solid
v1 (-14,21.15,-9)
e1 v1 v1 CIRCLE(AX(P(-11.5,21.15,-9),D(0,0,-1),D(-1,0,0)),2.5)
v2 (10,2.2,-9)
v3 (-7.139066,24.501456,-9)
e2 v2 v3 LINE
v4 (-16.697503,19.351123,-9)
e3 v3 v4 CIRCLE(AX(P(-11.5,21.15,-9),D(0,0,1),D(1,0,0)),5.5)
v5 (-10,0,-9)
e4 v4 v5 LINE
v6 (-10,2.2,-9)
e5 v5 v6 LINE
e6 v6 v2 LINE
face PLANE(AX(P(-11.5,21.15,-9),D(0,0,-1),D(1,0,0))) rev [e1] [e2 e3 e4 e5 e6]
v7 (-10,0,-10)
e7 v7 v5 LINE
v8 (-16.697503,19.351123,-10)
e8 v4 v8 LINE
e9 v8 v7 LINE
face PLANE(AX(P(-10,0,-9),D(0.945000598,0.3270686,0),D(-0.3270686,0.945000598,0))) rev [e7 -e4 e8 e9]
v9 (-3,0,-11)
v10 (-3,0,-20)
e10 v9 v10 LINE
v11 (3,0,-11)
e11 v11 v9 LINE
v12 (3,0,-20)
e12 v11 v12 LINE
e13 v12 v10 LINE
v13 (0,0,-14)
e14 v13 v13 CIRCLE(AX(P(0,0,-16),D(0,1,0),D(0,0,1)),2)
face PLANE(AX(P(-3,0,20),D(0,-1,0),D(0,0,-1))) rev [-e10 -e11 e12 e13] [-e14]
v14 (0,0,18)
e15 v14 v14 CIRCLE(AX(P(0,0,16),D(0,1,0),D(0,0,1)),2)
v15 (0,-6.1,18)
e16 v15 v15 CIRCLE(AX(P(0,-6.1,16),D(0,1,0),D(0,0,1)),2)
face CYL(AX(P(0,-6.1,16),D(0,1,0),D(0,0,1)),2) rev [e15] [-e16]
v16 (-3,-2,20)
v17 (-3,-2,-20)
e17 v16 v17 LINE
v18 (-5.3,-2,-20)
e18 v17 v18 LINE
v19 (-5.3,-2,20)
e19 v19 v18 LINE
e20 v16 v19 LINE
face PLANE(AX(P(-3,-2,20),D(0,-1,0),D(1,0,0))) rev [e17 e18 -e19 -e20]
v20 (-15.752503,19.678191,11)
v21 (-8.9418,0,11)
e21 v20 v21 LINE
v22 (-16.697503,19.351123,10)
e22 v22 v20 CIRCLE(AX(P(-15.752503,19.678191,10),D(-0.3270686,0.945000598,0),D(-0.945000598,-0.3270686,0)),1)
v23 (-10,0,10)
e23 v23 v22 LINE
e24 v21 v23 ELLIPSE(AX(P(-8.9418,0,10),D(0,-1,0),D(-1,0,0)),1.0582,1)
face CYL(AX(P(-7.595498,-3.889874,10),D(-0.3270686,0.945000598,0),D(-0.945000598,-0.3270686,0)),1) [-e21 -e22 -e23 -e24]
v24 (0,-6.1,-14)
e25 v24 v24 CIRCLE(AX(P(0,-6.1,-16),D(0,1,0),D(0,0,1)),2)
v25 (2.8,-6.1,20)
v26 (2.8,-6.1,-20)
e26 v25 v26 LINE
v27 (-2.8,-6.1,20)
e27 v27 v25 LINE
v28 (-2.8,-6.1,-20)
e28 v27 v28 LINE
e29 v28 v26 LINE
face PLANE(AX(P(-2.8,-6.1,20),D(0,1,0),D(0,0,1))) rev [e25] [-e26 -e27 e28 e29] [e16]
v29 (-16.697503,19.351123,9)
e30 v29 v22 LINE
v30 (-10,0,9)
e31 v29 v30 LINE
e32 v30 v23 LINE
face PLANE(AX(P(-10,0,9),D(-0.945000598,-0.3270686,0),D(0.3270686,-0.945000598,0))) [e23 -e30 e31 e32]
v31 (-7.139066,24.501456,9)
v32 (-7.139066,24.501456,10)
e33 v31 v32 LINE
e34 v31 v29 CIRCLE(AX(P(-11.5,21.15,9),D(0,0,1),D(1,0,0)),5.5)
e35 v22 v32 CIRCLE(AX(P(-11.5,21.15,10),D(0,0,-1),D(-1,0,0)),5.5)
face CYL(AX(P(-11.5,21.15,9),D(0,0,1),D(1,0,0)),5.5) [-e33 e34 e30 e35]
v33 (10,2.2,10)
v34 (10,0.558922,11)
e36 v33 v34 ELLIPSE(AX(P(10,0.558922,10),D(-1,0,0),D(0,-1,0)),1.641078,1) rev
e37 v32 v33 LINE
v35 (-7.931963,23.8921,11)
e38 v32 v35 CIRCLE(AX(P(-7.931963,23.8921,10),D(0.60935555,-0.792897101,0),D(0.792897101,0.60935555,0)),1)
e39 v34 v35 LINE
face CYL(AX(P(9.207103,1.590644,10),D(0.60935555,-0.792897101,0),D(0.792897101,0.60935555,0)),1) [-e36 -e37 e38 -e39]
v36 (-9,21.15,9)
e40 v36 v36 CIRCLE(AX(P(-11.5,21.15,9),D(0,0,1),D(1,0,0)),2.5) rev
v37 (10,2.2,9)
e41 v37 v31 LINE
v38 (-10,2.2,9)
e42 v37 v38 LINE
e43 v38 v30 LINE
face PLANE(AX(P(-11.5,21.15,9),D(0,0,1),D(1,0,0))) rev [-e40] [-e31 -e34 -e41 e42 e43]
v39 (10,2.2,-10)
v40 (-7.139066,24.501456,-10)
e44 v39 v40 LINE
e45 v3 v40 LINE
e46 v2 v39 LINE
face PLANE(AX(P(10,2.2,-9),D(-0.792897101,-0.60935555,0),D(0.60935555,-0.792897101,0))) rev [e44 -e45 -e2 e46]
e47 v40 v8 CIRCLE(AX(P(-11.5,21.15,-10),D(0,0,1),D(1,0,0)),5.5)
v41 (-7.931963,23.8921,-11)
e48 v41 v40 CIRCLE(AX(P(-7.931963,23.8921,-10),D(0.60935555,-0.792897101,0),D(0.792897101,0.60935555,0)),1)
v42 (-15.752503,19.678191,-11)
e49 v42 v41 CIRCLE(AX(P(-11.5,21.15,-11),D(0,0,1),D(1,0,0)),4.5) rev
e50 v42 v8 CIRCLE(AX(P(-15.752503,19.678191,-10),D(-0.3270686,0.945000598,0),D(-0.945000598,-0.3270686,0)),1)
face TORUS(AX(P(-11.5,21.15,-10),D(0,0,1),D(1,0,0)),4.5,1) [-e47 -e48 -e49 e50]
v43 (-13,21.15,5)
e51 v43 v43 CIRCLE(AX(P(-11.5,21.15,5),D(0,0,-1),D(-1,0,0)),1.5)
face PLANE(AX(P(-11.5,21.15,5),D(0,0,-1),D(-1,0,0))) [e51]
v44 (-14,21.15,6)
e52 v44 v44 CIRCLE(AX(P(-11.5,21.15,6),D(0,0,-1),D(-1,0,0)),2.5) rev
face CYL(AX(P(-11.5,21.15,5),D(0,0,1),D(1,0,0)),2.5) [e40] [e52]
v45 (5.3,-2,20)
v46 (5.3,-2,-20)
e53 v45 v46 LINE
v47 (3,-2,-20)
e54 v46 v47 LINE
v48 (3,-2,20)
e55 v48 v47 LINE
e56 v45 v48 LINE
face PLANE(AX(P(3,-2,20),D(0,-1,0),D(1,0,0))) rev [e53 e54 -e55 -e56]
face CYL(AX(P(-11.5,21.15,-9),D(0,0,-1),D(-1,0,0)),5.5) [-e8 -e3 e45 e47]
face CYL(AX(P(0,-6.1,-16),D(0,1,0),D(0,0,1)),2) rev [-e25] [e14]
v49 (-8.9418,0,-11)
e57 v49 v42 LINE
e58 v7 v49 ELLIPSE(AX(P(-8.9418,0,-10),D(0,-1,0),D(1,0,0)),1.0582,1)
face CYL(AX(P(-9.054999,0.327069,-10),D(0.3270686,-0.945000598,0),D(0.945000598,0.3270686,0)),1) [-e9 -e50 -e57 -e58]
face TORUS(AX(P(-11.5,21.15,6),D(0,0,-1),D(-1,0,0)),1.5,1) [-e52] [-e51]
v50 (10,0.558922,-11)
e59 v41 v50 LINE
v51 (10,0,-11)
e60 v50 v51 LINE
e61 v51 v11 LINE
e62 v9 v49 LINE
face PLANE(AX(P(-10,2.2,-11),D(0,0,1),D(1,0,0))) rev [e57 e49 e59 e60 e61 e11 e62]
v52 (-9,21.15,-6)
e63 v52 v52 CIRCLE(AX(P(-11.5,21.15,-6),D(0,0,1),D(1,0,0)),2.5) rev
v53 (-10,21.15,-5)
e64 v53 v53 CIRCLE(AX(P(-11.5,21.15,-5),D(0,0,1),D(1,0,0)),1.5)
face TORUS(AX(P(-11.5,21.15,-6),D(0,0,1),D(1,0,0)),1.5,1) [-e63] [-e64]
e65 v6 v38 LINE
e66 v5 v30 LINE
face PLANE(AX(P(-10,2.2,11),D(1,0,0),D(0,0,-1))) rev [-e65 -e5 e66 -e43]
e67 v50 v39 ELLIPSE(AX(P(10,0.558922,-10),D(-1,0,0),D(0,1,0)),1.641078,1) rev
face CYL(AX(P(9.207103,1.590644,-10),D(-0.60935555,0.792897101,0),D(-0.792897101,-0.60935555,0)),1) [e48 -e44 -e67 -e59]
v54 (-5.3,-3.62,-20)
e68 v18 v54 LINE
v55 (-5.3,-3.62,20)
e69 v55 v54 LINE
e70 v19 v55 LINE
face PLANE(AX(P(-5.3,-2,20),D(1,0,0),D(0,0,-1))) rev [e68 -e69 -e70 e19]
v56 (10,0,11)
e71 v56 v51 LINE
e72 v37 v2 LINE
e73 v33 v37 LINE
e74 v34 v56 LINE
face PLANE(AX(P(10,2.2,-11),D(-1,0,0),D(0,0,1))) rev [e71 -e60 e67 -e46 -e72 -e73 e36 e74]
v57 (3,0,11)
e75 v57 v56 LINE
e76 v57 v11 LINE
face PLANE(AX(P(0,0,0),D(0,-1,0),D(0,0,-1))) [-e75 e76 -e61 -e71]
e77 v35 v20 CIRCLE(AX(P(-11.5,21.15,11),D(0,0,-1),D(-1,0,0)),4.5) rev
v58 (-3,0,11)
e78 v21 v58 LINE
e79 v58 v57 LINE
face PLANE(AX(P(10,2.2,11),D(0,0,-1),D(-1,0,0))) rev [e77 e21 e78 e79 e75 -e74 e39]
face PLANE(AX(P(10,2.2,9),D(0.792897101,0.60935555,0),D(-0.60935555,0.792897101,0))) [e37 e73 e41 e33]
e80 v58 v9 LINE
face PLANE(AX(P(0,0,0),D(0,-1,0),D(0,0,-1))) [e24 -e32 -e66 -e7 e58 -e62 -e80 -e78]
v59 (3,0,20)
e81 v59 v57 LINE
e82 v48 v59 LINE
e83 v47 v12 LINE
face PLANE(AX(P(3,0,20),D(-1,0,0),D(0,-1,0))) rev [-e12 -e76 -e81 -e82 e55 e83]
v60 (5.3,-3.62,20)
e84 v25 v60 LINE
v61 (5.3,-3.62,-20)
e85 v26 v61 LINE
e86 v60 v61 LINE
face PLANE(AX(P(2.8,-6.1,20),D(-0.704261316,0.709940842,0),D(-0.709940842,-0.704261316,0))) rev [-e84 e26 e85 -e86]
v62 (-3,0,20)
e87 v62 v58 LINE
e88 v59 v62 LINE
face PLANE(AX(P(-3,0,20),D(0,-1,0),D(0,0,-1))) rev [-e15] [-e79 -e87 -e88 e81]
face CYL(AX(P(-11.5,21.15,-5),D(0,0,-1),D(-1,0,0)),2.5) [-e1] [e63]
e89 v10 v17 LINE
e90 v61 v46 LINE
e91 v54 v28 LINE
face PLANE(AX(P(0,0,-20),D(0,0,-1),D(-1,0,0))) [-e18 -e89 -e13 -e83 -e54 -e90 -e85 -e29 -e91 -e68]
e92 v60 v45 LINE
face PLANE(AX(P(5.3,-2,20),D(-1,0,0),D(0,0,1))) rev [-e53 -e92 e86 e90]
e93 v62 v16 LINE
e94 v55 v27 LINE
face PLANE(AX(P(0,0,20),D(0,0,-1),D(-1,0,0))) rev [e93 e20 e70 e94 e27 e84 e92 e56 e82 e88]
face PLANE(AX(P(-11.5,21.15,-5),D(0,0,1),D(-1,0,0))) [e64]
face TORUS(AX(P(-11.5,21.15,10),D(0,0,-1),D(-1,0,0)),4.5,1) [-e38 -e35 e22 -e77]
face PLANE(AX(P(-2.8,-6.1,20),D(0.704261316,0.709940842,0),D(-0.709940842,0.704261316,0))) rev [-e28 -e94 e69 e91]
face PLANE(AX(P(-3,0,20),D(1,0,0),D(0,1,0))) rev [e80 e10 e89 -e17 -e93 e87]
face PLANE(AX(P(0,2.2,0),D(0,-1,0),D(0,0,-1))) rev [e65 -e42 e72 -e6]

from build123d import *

# Parameters (mm, degrees)
BOSS_EXTRUDE1_DEPTH  = 20
SKETCH2_W            = 20
SKETCH2_H            = 22
BOSS_EXTRUDE2_DEPTH  = 2.2
BOSS_EXTRUDE3_DEPTH  = 2
SKETCH5_R            = 2.5
BOSS_EXTRUDE4_DEPTH  = 4
FILLET1_R            = 1
FILLET2_R            = 1
FILLET1_OF_MIRROR1_R = 1
FILLET2_OF_MIRROR1_R = 1
SKETCH6_R            = 2
CUT_EXTRUDE1_DEPTH   = 38.406182644


with BuildPart() as part:
    # Sketch1 → Boss-Extrude1 (new, symmetric)
    with BuildSketch(Plane.XY):
        Polygon((-3, 0), (3, 0), (3, -2), (5.3, -2), (5.3, -3.62), (2.8, -6.1), (-2.8, -6.1), (-5.3, -3.62), (-5.3, -2), (-3, -2), align=None)
    extrude(amount=BOSS_EXTRUDE1_DEPTH, both=True)

    # Sketch2 → Boss-Extrude2 (add)
    with BuildSketch(Plane(origin=(0, 0, 0), x_dir=(1, 0, 0), z_dir=(0, 1, 0))):
        Rectangle(SKETCH2_W, SKETCH2_H)
    extrude(amount=BOSS_EXTRUDE2_DEPTH)

    # Sketch4 → Boss-Extrude3 (add)
    with BuildSketch(Plane.XY.offset(11)):
        with BuildLine():
            Line((-3, 0), (3, 0))
            Line((3, 0), (10, 0))
            Line((10, 0), (10, 2.2))
            Line((10, 2.2), (-7.139065943, 24.501455527))
            ThreePointArc((-7.139065943, 24.501455527), (-14.108916266, 25.991854595), (-16.69750329, 19.351122698))
            Line((-16.69750329, 19.351122698), (-10, 0))
            Line((-10, 0), (-3, 0))
        make_face()
    boss_extrude3 = extrude(amount=-BOSS_EXTRUDE3_DEPTH)

    # Sketch5 → Boss-Extrude4 (add)
    with BuildSketch(Plane(origin=(0, 0, 9), x_dir=(-1, 0, 0), z_dir=(0, 0, -1))):
        with Locations(Location((11.5, 21.15, 0), (0, 0, 180))):
            Circle(SKETCH5_R)
    boss_extrude4 = extrude(amount=BOSS_EXTRUDE4_DEPTH)

    # Fillet1
    fillet1_edges = [part.edges().sort_by_distance(p)[0] for p in [
        (-14, 21.15, 5),
    ]]
    fillet(fillet1_edges, radius=FILLET1_R)

    # Fillet2
    fillet2_edges = [part.edges().sort_by_distance(p)[0] for p in [
        (1.430467029, 13.350727763, 11),
        (-14.108916266, 25.991854595, 11),
        (-13.348751645, 9.675561349, 11),
    ]]
    fillet(fillet2_edges, radius=FILLET2_R)

    # Mirror1: Boss-Extrude3, Boss-Extrude4 across plane
    add(boss_extrude3.mirror(Plane.XY))
    add(boss_extrude4.mirror(Plane.XY))

    # Fillet1 of Mirror1
    fillet1_of_mirror1_edges = [part.edges().sort_by_distance(p)[0] for p in [
        (-14, 21.15, -5),
    ]]
    fillet(fillet1_of_mirror1_edges, radius=FILLET1_OF_MIRROR1_R)

    # Fillet2 of Mirror1
    fillet2_of_mirror1_edges = [part.edges().sort_by_distance(p)[0] for p in [
        (1.430467029, 13.350727763, -11),
        (-14.108916266, 25.991854595, -11),
        (-13.348751645, 9.675561349, -11),
    ]]
    fillet(fillet2_of_mirror1_edges, radius=FILLET2_OF_MIRROR1_R)

    # Sketch6 → Cut-Extrude1 (cut, through all)
    with BuildSketch(Plane(origin=(0, 0, 0), x_dir=(1, 0, 0), z_dir=(0, 1, 0))):
        with Locations(Location((0, 16, 0), (0, 0, 270))):
            Circle(SKETCH6_R)
        with Locations(Location((0, -16, 0), (0, 0, 270))):
            Circle(SKETCH6_R)
    extrude(amount=-CUT_EXTRUDE1_DEPTH, mode=Mode.SUBTRACT)


solid = part.part
